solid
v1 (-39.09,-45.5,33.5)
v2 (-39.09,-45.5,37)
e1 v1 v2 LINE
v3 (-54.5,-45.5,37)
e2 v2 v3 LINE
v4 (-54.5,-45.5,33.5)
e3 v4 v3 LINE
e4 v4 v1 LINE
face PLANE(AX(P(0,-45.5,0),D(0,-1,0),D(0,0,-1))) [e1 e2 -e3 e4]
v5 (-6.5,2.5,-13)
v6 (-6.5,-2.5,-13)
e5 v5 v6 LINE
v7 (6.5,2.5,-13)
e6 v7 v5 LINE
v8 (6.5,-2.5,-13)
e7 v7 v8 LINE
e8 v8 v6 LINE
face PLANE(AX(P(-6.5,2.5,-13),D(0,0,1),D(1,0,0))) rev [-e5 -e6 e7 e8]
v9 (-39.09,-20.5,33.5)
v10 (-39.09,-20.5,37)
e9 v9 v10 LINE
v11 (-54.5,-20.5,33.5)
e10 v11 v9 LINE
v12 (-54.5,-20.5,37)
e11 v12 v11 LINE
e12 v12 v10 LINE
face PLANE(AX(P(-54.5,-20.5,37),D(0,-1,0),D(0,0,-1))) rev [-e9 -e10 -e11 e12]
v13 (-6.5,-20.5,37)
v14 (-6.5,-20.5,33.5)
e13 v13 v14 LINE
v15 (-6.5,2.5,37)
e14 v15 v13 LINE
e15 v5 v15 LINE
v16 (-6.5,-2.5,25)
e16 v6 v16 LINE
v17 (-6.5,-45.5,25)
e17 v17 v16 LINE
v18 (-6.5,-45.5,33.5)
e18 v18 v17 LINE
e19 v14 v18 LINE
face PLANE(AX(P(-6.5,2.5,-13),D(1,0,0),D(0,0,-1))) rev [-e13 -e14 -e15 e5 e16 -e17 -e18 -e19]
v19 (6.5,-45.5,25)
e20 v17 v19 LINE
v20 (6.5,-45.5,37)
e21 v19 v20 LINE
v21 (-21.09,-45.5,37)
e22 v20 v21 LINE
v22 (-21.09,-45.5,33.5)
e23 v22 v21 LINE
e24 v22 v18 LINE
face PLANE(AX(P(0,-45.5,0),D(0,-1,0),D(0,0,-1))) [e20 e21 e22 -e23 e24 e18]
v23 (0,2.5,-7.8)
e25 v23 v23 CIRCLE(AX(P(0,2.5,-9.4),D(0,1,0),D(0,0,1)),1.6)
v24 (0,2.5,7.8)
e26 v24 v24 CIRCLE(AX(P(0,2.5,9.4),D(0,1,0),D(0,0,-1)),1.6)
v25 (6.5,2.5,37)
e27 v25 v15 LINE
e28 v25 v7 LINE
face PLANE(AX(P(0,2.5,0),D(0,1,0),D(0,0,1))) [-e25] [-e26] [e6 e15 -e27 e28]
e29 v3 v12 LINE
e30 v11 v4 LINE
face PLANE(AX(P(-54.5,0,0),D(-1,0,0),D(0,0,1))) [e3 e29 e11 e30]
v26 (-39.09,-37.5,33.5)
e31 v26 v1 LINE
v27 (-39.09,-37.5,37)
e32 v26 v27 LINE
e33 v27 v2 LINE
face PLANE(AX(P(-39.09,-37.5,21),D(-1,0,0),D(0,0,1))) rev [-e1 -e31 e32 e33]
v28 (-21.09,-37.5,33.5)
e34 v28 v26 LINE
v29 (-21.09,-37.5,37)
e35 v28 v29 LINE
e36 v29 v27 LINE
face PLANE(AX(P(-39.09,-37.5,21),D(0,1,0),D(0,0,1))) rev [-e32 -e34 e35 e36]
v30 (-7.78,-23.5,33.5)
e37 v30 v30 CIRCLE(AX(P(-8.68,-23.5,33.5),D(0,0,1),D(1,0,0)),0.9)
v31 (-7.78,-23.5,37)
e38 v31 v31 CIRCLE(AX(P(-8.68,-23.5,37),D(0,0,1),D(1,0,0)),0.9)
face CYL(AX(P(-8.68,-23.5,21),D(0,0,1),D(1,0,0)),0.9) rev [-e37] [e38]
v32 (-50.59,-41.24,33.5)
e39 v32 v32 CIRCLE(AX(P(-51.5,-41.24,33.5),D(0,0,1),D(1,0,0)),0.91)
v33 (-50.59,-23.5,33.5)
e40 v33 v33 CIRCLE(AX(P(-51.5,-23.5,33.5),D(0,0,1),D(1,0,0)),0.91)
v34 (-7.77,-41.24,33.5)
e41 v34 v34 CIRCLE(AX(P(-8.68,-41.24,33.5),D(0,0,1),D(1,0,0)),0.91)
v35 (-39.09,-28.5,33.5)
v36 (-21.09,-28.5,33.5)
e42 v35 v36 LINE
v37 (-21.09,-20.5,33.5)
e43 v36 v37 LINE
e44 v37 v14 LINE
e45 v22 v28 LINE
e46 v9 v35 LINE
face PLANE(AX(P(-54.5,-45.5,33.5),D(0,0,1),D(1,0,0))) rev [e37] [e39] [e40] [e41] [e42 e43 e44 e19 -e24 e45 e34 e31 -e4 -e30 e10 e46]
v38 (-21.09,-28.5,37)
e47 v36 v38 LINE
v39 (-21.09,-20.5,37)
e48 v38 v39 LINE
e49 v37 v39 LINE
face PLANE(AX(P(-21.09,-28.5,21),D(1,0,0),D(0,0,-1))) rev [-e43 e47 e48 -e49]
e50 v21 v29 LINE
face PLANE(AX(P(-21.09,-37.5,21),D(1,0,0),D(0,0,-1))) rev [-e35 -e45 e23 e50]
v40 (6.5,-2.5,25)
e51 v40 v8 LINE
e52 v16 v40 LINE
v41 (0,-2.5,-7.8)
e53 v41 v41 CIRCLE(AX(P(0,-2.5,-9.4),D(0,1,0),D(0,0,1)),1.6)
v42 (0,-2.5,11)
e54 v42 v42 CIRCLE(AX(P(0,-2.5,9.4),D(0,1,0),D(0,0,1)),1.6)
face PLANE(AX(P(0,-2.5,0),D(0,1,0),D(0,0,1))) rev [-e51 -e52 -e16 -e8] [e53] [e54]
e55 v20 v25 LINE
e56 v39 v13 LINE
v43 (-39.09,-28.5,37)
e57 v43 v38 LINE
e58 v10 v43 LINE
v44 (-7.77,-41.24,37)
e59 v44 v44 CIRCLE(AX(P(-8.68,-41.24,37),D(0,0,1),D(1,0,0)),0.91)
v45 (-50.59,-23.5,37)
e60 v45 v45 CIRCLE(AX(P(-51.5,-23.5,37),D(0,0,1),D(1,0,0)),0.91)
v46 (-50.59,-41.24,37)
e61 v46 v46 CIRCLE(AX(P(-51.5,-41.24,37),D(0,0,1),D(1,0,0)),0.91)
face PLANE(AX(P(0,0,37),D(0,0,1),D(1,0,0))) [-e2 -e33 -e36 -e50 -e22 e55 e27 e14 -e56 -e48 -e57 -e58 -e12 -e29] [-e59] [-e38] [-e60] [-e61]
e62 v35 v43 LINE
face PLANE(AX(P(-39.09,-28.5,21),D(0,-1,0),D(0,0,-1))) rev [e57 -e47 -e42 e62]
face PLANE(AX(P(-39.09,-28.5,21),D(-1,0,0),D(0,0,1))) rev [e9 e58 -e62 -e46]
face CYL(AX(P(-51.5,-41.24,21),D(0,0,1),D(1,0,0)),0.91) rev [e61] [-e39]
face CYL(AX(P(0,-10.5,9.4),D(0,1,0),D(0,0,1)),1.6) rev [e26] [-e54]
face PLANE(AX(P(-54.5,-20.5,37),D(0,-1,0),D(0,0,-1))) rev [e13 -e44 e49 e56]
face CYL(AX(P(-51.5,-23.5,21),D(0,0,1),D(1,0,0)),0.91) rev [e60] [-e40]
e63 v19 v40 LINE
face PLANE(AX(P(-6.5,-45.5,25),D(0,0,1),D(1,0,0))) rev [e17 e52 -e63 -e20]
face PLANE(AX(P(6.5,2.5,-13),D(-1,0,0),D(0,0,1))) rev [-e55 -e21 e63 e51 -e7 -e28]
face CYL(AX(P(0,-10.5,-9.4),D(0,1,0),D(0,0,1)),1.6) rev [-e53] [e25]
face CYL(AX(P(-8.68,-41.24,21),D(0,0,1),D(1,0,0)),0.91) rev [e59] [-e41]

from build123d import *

# Parameters (mm, degrees)
SKETCH_1_W          = 13
SKETCH_1_H          = 26
EXTRUDE_1_DEPTH     = 2.5
SKETCH_2_R          = 1.6
CUT_EXTRUDE_1_DEPTH = 13
SKETCH_3_W          = 13
SKETCH_3_H          = 5
EXTRUDE_2_DEPTH     = 24
SKETCH_4_W          = 13
SKETCH_4_H          = 12
EXTRUDE_3_DEPTH     = 43
SKETCH_5_W          = 3.5
SKETCH_5_H          = 25
EXTRUDE_4_DEPTH     = 48
SKETCH_6_R          = 0.91
SKETCH_6_R_2        = 0.9
CUT_EXTRUDE_2_DEPTH = 16
SKETCH_7_W          = 18
SKETCH_7_H          = 8
CUT_EXTRUDE_3_DEPTH = 16


with BuildPart() as part:
    # 草图1 → 凸台-拉伸1 (new, symmetric)
    with BuildSketch(Plane(origin=(0, 0, 0), x_dir=(1, 0, 0), z_dir=(0, 1, 0))):
        Rectangle(SKETCH_1_W, SKETCH_1_H)
    extrude(amount=EXTRUDE_1_DEPTH, both=True)

    # 草图2 → 切除-拉伸1 (cut)
    with BuildSketch(Plane(origin=(0, 2.5, 0), x_dir=(1, 0, 0), z_dir=(0, 1, 0))):
        with Locations(Location((0, 9.4, 0), (0, 0, 270))):
            Circle(SKETCH_2_R)
        with Locations(Location((0, -9.4, 0), (0, 0, 270))):
            Circle(SKETCH_2_R)
    extrude(amount=-CUT_EXTRUDE_1_DEPTH, mode=Mode.SUBTRACT)

    # 草图3 → 凸台-拉伸2 (add)
    with BuildSketch(Plane.XY.offset(13)):
        Rectangle(SKETCH_3_W, SKETCH_3_H)
    extrude(amount=EXTRUDE_2_DEPTH)

    # 草图4 → 凸台-拉伸3 (add)
    with BuildSketch(Plane.XZ.offset(2.5)):
        with Locations((0, 31)):
            Rectangle(SKETCH_4_W, SKETCH_4_H)
    extrude(amount=EXTRUDE_3_DEPTH)

    # 草图5 → 凸台-拉伸4 (add)
    with BuildSketch(Plane.ZY.offset(6.5)):
        with Locations((35.25, -33)):
            Rectangle(SKETCH_5_W, SKETCH_5_H)
    extrude(amount=EXTRUDE_4_DEPTH)

    # 草图6 → 切除-拉伸2 (cut)
    with BuildSketch(Plane.XY.offset(37)):
        with Locations((-51.5, -23.5)):
            Circle(SKETCH_6_R)
        with Locations((-8.68, -23.5)):
            Circle(SKETCH_6_R_2)
        with Locations((-51.5, -41.24)):
            Circle(SKETCH_6_R)
        with Locations((-8.68, -41.24)):
            Circle(SKETCH_6_R)
    extrude(amount=-CUT_EXTRUDE_2_DEPTH, mode=Mode.SUBTRACT)

    # 草图7 → 切除-拉伸3 (cut)
    with BuildSketch(Plane.XY.offset(37)):
        with Locations((-30.09, -24.5)):
            Rectangle(SKETCH_7_W, SKETCH_7_H)
        with Locations((-30.09, -41.5)):
            Rectangle(SKETCH_7_W, SKETCH_7_H)
    extrude(amount=-CUT_EXTRUDE_3_DEPTH, mode=Mode.SUBTRACT)


solid = part.part
